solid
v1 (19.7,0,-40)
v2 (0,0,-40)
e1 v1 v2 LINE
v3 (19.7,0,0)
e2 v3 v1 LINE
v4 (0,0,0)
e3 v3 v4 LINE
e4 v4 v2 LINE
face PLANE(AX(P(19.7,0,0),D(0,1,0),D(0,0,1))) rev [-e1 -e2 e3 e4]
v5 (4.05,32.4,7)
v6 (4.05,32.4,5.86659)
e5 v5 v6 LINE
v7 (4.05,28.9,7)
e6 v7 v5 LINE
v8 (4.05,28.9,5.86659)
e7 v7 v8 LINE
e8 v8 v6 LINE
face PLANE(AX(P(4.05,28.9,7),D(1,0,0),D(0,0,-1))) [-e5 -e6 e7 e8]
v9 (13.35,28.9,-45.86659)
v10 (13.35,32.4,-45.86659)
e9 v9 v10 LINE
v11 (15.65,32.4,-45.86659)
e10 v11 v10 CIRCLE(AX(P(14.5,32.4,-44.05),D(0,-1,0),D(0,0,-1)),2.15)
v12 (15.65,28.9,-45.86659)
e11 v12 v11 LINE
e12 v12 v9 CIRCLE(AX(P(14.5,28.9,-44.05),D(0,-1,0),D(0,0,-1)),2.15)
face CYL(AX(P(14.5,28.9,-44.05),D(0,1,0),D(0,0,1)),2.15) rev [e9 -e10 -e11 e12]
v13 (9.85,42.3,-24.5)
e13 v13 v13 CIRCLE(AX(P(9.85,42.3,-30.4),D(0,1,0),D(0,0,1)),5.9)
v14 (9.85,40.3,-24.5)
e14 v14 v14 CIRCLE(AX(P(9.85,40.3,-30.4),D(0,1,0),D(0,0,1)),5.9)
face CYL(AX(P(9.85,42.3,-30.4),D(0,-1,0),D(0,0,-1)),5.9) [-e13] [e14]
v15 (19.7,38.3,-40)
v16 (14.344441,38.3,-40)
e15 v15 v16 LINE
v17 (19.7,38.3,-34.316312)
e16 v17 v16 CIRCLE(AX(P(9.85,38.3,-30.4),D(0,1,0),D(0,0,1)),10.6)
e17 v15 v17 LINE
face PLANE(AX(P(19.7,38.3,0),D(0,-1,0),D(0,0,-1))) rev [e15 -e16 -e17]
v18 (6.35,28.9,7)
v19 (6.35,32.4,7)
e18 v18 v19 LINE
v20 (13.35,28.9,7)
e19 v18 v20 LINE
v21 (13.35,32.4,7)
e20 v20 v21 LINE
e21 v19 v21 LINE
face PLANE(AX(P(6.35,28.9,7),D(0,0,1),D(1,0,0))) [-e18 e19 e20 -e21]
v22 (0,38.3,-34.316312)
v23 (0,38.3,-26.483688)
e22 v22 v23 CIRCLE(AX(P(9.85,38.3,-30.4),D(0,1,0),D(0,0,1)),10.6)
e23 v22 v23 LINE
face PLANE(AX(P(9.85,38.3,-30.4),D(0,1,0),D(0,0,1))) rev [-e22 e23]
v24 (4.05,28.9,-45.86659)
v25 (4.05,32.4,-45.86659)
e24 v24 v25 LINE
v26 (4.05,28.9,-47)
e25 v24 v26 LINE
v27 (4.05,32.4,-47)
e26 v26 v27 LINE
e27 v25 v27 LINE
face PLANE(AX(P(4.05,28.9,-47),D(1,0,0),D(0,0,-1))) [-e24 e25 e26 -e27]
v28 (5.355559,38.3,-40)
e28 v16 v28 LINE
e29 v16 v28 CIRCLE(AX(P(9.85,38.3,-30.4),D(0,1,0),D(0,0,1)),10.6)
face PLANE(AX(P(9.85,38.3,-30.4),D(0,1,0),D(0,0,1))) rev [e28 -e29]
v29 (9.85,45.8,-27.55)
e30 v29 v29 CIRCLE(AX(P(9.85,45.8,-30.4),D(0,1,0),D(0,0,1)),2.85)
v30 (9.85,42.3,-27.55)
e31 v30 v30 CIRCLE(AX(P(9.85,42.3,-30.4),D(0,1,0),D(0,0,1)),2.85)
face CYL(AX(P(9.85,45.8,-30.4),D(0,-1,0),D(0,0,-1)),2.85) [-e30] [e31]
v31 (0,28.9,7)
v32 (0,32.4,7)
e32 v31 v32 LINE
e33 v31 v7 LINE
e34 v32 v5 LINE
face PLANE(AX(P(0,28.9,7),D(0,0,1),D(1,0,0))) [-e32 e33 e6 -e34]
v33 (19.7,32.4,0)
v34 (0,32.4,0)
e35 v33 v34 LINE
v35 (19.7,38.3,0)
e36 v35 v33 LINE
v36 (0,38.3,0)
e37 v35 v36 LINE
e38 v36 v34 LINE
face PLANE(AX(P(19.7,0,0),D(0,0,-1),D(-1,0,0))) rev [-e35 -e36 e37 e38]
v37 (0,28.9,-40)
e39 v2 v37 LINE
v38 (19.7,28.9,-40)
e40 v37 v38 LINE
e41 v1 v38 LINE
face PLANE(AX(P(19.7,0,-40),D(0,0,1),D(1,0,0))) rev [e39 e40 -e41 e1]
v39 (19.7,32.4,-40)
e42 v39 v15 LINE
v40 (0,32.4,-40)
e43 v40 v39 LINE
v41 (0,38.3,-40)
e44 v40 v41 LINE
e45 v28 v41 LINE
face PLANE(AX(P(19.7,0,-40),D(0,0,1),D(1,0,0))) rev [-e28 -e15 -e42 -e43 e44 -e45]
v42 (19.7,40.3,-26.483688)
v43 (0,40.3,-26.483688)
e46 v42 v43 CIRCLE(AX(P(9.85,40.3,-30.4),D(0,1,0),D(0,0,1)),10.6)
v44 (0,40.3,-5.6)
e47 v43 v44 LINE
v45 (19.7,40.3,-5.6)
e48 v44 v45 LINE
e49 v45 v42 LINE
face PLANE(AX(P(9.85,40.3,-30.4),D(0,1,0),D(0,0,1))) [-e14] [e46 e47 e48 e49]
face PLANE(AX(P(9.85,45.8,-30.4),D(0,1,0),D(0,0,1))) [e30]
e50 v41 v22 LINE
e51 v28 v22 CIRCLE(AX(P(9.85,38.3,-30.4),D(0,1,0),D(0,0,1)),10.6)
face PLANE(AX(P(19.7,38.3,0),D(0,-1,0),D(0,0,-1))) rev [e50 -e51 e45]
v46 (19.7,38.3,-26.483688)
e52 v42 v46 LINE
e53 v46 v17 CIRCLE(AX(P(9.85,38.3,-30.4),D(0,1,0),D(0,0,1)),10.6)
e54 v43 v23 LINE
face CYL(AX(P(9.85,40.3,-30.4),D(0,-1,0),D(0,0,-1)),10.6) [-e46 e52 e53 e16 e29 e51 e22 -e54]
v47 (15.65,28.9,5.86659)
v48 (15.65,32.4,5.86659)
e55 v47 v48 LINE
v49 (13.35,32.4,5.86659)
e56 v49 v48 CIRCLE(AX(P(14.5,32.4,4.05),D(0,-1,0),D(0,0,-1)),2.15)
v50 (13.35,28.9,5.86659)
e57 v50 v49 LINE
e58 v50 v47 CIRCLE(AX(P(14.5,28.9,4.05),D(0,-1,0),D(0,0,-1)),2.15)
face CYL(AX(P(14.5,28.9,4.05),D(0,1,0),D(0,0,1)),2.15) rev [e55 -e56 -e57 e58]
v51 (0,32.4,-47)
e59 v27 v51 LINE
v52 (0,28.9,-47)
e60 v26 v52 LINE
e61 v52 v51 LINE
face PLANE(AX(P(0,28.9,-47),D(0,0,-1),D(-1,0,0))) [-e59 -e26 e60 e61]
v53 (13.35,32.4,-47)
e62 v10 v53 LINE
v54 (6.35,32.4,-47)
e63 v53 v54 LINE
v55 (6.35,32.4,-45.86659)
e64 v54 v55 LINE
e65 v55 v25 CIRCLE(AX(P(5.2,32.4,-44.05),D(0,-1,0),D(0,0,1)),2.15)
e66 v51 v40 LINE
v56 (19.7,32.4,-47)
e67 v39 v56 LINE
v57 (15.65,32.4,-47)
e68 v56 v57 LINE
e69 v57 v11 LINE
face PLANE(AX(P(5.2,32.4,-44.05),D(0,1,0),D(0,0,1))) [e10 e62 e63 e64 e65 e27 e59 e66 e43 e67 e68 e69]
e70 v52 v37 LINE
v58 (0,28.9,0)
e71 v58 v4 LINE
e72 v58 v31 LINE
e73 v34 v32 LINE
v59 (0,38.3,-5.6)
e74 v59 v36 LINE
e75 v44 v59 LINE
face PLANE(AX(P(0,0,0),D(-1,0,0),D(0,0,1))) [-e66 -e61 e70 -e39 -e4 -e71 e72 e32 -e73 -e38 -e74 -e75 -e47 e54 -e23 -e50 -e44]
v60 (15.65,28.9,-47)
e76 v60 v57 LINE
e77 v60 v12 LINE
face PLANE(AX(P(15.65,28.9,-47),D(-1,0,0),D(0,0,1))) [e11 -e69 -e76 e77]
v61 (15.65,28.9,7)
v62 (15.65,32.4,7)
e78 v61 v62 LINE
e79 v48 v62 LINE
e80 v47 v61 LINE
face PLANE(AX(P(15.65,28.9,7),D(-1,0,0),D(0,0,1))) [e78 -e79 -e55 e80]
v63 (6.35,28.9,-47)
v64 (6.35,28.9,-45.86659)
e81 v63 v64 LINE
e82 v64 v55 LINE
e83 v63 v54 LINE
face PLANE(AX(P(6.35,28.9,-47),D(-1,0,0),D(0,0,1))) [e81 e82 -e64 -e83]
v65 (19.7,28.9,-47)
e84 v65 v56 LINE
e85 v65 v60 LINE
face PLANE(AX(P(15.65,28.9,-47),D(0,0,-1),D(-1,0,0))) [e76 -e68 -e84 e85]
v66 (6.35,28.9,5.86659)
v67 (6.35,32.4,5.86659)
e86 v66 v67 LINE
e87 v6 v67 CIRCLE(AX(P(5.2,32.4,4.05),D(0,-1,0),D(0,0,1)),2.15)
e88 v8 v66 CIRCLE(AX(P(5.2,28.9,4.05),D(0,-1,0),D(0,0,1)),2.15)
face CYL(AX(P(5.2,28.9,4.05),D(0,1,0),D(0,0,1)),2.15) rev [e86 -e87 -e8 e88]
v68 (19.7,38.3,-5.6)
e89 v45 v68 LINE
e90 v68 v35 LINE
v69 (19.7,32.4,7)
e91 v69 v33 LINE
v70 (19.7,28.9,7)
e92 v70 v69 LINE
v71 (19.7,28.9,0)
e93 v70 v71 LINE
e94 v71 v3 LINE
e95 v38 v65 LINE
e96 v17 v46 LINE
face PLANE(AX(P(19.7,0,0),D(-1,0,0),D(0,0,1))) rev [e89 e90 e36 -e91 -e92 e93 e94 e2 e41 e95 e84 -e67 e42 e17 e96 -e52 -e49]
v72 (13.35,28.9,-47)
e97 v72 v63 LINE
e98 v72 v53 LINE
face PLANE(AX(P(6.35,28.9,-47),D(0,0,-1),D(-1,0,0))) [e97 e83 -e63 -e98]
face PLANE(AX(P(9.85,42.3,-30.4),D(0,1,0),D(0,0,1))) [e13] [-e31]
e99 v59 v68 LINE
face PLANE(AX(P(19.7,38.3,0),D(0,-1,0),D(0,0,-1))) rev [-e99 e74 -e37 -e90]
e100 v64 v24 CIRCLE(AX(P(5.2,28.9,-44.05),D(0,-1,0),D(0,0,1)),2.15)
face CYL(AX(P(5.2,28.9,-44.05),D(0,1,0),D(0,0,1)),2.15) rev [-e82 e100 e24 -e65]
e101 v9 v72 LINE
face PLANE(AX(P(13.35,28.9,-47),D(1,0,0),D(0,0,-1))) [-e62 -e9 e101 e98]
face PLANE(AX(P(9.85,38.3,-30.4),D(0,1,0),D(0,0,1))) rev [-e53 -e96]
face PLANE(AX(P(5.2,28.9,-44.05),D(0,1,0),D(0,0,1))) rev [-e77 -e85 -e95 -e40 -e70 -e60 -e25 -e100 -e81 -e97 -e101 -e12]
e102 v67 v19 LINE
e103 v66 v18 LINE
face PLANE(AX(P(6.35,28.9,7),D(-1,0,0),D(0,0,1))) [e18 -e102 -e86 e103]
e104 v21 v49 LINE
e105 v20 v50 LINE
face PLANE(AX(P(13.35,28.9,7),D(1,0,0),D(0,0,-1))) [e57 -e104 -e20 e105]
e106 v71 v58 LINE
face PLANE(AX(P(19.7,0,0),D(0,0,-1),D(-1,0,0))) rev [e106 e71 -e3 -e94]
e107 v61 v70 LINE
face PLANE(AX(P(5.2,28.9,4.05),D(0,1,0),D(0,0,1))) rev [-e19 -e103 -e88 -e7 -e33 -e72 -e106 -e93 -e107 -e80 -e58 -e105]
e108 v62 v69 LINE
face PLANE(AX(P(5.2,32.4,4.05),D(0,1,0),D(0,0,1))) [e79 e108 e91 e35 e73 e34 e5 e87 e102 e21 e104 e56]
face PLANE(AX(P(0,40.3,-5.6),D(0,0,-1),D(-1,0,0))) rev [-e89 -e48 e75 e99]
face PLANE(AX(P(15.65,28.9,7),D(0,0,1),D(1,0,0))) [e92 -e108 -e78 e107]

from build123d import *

# Parameters (mm, degrees)
CROQUIS1_W              = 40
CROQUIS1_H              = 38.3
SALIENTE_EXTRUIR1_DEPTH = 19.7
SALIENTE_EXTRUIR2_DEPTH = 2
CROQUIS3_R              = 5.9
SALIENTE_EXTRUIR3_DEPTH = 2
CROQUIS4_R              = 2.85
SALIENTE_EXTRUIR4_DEPTH = 3.5
SALIENTE_EXTRUIR5_DEPTH = 3.5


with BuildPart() as part:
    # Croquis1 → Saliente-Extruir1 (new body)
    with BuildSketch(Plane(origin=(0, 0, 0), x_dir=(0, 0, -1), z_dir=(1, 0, 0))):
        with Locations((20, 19.15)):
            Rectangle(CROQUIS1_W, CROQUIS1_H)
    extrude(amount=SALIENTE_EXTRUIR1_DEPTH)

    # Croquis2 → Saliente-Extruir2 (add)
    with BuildSketch(Plane(origin=(0, 38.3, 0), x_dir=(1, 0, 0), z_dir=(0, 1, 0))):
        with BuildLine():
            Line((0, 5.6), (19.7, 5.6))
            Line((19.7, 5.6), (19.7, 26.483687959))
            ThreePointArc((19.7, 26.483687959), (9.85, 41), (0, 26.483687959))
            Line((0, 26.483687959), (0, 5.6))
        make_face()
    extrude(amount=SALIENTE_EXTRUIR2_DEPTH)

    # Croquis3 → Saliente-Extruir3 (add)
    with BuildSketch(Plane(origin=(0, 40.3, 0), x_dir=(1, 0, 0), z_dir=(0, 1, 0))):
        with Locations(Location((9.85, 30.4, 0), (0, 0, 270))):
            Circle(CROQUIS3_R)
    extrude(amount=SALIENTE_EXTRUIR3_DEPTH)

    # Croquis4 → Saliente-Extruir4 (add)
    with BuildSketch(Plane(origin=(0, 42.3, 0), x_dir=(1, 0, 0), z_dir=(0, 1, 0))):
        with Locations(Location((9.85, 30.4, 0), (0, 0, 270))):
            Circle(CROQUIS4_R)
    extrude(amount=SALIENTE_EXTRUIR4_DEPTH)

    # Croquis5 → Saliente-Extruir5 (add)
    with BuildSketch(Plane(origin=(0, 32.4, 0), x_dir=(1, 0, 0), z_dir=(0, 1, 0))):
        with BuildLine():
            Line((0, 0), (19.7, 0))
            Line((19.7, 0), (19.7, -7))
            Line((19.7, -7), (15.65, -7))
            Line((15.65, -7), (15.65, -5.866590212))
            ThreePointArc((15.65, -5.866590212), (14.5, -1.9), (13.35, -5.866590212))
            Line((13.35, -5.866590212), (13.35, -7))
            Line((13.35, -7), (6.35, -7))
            Line((6.35, -7), (6.35, -5.866590212))
            ThreePointArc((6.35, -5.866590212), (5.2, -1.9), (4.05, -5.866590212))
            Line((4.05, -5.866590212), (4.05, -7))
            Line((4.05, -7), (0, -7))
            Line((0, -7), (0, 0))
        make_face()
        with BuildLine():
            Line((0, 40), (19.7, 40))
            Line((19.7, 40), (19.7, 47))
            Line((19.7, 47), (15.65, 47))
            Line((15.65, 47), (15.65, 45.866590212))
            ThreePointArc((15.65, 45.866590212), (14.5, 41.9), (13.35, 45.866590212))
            Line((13.35, 45.866590212), (13.35, 47))
            Line((13.35, 47), (6.35, 47))
            Line((6.35, 47), (6.35, 45.866590212))
            ThreePointArc((6.35, 45.866590212), (5.2, 41.9), (4.05, 45.866590212))
            Line((4.05, 45.866590212), (4.05, 47))
            Line((4.05, 47), (0, 47))
            Line((0, 47), (0, 40))
        make_face()
    extrude(amount=-SALIENTE_EXTRUIR5_DEPTH)


solid = part.part
